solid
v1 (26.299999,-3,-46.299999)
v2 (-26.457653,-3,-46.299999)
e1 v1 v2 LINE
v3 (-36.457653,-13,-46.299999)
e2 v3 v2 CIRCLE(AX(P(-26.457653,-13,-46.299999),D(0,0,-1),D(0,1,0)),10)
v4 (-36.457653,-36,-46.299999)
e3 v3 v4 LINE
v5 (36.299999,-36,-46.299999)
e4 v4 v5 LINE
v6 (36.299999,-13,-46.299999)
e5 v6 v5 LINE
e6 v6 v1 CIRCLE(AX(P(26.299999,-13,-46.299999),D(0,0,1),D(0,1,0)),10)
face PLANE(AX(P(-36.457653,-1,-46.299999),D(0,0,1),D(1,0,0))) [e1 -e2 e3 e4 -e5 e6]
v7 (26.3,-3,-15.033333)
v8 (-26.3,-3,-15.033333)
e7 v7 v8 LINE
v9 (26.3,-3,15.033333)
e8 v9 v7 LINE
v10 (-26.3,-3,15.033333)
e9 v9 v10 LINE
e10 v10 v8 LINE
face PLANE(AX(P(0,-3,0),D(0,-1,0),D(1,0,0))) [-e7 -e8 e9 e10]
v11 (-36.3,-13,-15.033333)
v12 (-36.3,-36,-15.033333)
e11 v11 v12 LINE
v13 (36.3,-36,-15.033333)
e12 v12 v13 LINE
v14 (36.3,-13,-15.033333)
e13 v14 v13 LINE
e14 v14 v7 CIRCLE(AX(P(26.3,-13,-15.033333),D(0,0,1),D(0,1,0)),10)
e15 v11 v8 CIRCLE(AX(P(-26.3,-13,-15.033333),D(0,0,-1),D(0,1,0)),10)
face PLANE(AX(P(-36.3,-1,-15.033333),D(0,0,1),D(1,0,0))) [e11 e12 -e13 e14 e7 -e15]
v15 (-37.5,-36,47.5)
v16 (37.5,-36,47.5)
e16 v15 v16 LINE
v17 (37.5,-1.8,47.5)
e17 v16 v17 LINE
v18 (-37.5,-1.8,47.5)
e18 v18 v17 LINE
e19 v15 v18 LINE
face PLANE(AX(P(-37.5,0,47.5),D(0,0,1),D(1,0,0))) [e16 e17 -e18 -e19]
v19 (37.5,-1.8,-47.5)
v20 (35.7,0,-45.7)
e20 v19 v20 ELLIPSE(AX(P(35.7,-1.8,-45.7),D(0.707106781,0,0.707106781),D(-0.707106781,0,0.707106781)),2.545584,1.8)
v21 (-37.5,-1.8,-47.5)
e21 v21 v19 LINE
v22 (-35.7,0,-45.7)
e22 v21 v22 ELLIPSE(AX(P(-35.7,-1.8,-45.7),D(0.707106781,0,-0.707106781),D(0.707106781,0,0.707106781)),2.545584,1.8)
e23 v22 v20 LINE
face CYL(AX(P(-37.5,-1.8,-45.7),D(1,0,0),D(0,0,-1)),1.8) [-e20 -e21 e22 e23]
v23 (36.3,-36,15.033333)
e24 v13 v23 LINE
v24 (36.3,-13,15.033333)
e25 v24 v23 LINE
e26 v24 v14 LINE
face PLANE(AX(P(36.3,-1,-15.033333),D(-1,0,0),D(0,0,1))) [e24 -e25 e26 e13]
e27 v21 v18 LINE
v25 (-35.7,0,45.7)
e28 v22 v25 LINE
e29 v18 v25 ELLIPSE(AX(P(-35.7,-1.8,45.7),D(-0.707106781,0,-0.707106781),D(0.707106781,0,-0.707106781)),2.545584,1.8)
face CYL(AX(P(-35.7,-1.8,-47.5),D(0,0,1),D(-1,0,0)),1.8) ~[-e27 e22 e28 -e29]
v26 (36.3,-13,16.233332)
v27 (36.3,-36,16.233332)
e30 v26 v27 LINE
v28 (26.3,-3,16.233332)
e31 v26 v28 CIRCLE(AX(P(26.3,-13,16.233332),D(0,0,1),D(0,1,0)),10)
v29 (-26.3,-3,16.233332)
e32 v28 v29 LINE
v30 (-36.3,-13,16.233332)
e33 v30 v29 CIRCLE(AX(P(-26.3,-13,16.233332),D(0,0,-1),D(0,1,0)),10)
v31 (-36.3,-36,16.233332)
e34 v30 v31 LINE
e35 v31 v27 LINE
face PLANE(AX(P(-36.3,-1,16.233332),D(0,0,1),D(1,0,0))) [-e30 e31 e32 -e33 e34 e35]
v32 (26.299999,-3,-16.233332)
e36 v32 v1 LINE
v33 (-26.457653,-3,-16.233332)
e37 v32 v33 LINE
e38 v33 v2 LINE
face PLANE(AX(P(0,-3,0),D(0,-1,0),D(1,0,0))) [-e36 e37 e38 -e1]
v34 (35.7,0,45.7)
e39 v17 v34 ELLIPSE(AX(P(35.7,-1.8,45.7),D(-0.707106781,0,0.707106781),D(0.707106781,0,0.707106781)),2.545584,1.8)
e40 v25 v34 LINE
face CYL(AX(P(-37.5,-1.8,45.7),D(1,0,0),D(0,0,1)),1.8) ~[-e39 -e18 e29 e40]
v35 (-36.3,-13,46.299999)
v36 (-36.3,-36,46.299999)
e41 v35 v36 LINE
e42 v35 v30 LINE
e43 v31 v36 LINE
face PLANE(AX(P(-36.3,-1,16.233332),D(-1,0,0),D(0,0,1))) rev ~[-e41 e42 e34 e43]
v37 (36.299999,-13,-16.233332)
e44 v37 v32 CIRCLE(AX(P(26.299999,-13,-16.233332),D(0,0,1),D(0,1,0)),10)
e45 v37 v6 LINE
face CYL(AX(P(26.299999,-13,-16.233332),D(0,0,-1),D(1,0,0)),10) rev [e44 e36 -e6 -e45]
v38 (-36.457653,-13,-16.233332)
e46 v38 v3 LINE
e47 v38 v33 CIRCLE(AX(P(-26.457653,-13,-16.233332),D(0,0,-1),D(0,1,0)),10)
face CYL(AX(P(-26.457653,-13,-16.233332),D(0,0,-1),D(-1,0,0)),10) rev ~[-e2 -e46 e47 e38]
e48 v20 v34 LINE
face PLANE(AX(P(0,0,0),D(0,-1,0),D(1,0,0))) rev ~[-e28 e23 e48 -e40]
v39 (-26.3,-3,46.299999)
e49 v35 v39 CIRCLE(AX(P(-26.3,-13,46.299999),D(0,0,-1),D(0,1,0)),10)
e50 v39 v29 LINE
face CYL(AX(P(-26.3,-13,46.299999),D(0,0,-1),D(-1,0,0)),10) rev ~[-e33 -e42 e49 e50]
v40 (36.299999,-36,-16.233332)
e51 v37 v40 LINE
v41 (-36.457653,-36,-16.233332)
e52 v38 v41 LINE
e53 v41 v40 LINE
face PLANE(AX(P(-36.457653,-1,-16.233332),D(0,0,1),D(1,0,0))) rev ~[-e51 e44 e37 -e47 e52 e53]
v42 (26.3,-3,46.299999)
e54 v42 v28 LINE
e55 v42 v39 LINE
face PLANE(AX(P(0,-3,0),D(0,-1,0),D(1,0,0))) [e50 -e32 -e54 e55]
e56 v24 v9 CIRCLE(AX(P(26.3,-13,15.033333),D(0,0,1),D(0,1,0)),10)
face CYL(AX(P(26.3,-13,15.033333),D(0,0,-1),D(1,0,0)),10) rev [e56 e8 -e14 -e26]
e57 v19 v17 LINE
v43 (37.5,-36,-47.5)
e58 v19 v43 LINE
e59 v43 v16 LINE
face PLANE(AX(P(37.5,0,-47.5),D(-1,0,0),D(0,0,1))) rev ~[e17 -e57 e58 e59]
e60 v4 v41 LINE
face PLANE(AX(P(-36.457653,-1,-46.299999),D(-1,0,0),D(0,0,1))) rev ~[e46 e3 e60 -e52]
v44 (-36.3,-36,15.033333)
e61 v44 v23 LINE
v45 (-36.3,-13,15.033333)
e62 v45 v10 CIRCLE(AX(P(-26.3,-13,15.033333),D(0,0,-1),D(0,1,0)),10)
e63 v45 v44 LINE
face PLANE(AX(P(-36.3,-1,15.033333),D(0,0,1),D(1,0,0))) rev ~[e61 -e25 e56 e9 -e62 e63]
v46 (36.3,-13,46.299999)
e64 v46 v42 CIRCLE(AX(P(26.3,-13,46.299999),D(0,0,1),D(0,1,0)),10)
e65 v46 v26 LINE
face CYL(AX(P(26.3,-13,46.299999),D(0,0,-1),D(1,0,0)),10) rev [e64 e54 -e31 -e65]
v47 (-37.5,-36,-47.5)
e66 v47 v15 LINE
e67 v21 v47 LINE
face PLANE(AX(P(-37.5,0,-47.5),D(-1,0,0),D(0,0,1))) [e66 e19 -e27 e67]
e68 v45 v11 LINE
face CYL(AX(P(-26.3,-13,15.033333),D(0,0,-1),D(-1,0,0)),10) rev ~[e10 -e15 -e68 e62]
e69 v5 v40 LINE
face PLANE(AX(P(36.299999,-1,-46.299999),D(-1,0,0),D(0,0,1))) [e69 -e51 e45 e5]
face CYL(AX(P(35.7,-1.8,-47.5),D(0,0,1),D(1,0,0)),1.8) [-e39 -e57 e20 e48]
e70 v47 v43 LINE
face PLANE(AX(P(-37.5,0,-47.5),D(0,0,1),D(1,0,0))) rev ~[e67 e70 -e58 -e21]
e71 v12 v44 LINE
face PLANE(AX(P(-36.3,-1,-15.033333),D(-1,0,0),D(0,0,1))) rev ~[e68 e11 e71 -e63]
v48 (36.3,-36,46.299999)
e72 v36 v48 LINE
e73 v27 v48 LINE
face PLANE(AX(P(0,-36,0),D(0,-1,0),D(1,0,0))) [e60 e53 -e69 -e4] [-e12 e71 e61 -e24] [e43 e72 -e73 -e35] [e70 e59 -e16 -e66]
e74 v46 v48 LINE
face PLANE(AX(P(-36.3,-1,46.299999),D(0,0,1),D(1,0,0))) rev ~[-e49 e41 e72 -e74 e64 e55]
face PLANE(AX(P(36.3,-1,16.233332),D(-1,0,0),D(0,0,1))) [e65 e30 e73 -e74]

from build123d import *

# Parameters (mm, degrees)
SKETCH017_W   = 75
SKETCH017_H   = 95
PAD013_DEPTH  = 3
SKETCH018_W   = 75
SKETCH018_H   = 95
SKETCH018_W_2 = 72.6
SKETCH018_H_2 = 30.066667
SKETCH018_H_3 = 30.066666
SKETCH018_W_3 = 72.757653
PAD014_DEPTH  = 35
FILLET012_R   = 1.8
FILLET013_R   = 10


with BuildPart() as part:
    # Sketch017 → Pad013 (new body)
    with BuildSketch(Plane.XZ):
        Rectangle(SKETCH017_W, SKETCH017_H)
    extrude(amount=PAD013_DEPTH)

    # Sketch018 → Pad014 (join)
    with BuildSketch(Plane.XZ.offset(1)):
        Rectangle(SKETCH018_W, SKETCH018_H)
        with Locations((0, 31.266666)):
            Rectangle(SKETCH018_W_2, SKETCH018_H_2, mode=Mode.SUBTRACT)
        Rectangle(SKETCH018_W_2, SKETCH018_H_3, mode=Mode.SUBTRACT)
        with Locations((-0.078827, -31.266666)):
            Rectangle(SKETCH018_W_3, SKETCH018_H_2, mode=Mode.SUBTRACT)
    extrude(amount=PAD014_DEPTH)

    # Fillet012
    fillet012_edges = [part.edges().sort_by_distance(p)[0] for p in [
        (0, 0, 47.5),
        (37.5, 0, 0),
        (0, 0, -47.5),
        (-37.5, 0, 0),
    ]]
    fillet(fillet012_edges, radius=FILLET012_R)

    # Fillet013
    fillet013_edges = [part.edges().sort_by_distance(p)[0] for p in [
        (36.3, -3, 31.266667),
        (36.3, -3, 0),
        (36.3, -3, -31.266667),
        (-36.3, -3, 31.266667),
        (-36.3, -3, 0),
        (-36.457653, -3, -31.266667),
    ]]
    fillet(fillet013_edges, radius=FILLET013_R)


solid = part.part
